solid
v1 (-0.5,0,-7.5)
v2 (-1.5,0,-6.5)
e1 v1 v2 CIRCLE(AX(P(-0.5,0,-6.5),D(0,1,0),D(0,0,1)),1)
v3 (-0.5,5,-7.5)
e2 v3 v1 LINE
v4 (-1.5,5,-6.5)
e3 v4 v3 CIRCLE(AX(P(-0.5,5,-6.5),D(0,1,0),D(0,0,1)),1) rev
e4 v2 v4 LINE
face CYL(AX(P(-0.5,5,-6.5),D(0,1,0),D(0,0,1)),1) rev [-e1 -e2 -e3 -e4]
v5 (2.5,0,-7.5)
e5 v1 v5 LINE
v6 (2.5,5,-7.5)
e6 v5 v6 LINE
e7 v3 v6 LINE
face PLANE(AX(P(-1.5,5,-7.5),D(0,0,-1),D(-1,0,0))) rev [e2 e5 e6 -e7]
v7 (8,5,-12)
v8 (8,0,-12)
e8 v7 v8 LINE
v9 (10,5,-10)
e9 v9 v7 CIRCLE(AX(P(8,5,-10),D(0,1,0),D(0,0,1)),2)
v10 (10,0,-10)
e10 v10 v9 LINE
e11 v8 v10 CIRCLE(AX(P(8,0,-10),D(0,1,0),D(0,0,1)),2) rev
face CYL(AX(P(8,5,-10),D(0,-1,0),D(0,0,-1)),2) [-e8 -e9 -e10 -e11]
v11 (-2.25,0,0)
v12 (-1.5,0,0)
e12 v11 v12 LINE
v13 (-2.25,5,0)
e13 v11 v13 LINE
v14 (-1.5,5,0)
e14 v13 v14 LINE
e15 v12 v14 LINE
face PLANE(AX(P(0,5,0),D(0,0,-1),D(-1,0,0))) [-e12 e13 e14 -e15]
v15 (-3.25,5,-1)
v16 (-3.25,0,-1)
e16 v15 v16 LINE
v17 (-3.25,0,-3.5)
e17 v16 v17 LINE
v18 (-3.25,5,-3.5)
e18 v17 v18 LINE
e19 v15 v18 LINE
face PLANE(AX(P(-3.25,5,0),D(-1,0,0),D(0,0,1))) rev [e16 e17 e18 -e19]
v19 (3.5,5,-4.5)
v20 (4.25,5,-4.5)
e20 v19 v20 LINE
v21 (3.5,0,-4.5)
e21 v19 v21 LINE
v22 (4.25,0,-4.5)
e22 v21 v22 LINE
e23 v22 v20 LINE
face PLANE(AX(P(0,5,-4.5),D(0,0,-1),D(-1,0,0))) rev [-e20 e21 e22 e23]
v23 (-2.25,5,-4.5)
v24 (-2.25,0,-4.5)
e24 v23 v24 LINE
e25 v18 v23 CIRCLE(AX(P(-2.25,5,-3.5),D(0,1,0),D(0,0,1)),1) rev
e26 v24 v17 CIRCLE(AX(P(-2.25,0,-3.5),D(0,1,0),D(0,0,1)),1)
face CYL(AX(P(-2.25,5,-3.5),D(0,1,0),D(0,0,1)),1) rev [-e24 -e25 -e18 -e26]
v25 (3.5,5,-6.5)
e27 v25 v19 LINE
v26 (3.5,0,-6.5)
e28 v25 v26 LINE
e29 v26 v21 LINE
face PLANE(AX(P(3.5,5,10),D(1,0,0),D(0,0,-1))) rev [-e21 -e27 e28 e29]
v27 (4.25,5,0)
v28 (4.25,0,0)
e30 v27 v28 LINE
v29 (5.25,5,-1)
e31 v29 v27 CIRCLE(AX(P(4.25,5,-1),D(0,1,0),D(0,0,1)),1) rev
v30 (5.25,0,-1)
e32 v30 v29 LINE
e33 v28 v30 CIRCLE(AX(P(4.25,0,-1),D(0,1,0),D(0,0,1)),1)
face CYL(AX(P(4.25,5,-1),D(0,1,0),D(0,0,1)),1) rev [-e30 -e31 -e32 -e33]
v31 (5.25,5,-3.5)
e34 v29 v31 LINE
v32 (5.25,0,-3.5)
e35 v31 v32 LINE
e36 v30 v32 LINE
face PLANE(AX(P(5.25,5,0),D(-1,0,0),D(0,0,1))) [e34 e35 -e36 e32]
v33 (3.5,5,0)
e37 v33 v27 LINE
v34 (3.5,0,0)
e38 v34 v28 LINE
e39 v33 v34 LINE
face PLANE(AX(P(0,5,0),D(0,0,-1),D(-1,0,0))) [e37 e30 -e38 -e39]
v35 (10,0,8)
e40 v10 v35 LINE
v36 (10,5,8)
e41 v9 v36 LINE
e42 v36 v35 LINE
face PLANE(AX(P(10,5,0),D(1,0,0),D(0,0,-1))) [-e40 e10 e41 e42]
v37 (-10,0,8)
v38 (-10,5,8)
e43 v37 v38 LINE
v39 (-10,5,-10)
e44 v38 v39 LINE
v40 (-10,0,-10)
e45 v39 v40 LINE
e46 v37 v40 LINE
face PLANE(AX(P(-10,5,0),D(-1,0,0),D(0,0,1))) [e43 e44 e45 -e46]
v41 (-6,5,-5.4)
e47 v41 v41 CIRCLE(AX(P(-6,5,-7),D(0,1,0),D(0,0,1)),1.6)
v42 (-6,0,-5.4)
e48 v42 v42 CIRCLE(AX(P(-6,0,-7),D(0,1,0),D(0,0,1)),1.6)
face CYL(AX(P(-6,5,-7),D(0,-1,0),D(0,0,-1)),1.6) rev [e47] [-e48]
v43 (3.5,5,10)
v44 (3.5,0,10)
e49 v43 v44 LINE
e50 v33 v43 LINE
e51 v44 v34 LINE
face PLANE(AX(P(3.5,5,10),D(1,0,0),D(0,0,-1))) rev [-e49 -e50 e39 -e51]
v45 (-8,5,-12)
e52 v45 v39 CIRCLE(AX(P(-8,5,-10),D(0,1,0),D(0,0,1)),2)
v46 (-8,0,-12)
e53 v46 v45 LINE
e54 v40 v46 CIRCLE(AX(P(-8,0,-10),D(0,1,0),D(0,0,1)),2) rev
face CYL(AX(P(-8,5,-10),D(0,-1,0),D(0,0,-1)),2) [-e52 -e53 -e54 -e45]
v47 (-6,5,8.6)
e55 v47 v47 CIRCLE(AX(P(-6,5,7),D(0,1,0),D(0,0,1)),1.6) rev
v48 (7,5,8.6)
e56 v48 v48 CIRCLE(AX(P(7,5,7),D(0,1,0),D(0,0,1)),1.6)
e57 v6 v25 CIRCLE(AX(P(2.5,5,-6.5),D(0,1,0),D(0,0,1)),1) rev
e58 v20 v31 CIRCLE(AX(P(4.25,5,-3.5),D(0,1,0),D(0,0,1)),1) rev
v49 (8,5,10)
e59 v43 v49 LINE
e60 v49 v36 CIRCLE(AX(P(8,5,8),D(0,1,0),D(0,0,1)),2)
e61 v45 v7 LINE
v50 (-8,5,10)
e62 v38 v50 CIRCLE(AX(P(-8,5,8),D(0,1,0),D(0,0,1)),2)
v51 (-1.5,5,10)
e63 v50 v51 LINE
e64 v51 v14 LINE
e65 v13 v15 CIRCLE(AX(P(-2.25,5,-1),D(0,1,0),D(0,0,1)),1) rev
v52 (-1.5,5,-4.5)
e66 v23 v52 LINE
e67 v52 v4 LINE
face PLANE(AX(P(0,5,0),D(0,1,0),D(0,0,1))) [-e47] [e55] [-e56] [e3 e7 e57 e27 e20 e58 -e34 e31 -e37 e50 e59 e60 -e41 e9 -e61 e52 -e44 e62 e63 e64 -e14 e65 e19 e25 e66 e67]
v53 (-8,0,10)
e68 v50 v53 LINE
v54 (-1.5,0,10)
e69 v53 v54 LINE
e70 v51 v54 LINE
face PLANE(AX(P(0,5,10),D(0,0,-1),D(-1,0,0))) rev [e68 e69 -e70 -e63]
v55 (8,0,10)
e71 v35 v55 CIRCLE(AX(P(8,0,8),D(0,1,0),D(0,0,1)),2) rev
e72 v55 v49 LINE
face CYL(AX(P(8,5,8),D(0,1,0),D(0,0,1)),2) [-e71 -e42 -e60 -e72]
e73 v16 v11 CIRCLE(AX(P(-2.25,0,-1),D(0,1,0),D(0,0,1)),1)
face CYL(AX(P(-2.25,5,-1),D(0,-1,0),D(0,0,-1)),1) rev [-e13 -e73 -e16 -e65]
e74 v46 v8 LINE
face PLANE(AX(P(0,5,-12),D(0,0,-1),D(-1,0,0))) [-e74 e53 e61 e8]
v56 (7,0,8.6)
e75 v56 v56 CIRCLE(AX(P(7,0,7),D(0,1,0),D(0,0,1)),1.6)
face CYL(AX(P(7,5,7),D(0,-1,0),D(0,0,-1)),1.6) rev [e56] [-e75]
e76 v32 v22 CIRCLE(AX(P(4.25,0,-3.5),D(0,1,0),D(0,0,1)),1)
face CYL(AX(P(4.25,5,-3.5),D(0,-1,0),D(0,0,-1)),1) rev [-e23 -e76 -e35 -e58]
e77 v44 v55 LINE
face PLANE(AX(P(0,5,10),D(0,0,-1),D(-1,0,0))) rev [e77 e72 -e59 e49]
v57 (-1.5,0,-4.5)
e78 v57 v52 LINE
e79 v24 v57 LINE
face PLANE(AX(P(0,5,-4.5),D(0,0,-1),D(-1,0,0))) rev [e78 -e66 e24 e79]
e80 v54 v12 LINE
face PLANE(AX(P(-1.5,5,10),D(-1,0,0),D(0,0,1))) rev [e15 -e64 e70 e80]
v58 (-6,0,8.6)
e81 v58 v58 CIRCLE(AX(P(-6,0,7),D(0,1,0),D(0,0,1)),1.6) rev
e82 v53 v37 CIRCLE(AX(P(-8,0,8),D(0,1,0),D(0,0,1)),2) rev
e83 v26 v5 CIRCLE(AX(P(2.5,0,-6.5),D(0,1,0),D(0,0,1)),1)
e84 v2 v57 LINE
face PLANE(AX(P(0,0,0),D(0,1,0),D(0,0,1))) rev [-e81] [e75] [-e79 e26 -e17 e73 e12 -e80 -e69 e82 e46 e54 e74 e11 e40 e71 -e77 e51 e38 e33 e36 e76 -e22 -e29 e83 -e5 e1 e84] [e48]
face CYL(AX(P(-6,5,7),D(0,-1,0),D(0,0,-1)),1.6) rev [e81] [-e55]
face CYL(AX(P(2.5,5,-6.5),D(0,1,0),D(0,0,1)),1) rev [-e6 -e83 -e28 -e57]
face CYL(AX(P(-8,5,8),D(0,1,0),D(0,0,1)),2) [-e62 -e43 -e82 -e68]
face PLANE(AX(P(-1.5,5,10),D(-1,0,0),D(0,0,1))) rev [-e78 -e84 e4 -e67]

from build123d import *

# Parameters (mm, degrees)
SKETCH_2_W          = 20
SKETCH_2_H          = 22
SKETCH_2_R          = 1.6
SKETCH_2_W_2        = 8.5
SKETCH_2_H_2        = 4.5
EXTRUDE_1_DEPTH     = 5
SKETCH_3_W          = 5
SKETCH_3_H          = 17.5
CUT_EXTRUDE_1_DEPTH = 17.401219467
FILLET_1_R          = 2
FILLET_2_R          = 1


with BuildPart() as part:
    # 草图2 → 凸台-拉伸1 (new body)
    with BuildSketch(Plane(origin=(0, 0, 0), x_dir=(1, 0, 0), z_dir=(0, 1, 0))):
        with Locations((0, 1)):
            Rectangle(SKETCH_2_W, SKETCH_2_H)
        with Locations(Location((-6, -7, 0), (0, 0, 270))):
            Circle(SKETCH_2_R, mode=Mode.SUBTRACT)
        with Locations(Location((7, -7, 0), (0, 0, 270))):
            Circle(SKETCH_2_R, mode=Mode.SUBTRACT)
        with Locations(Location((-6, 7, 0), (0, 0, 270))):
            Circle(SKETCH_2_R, mode=Mode.SUBTRACT)
        with Locations((1, 2.25)):
            Rectangle(SKETCH_2_W_2, SKETCH_2_H_2, mode=Mode.SUBTRACT)
    extrude(amount=EXTRUDE_1_DEPTH)

    # 草图3 → 切除-拉伸1 (cut, through all)
    with BuildSketch(Plane.XZ):
        with Locations((1, 1.25)):
            Rectangle(SKETCH_3_W, SKETCH_3_H)
    extrude(amount=-CUT_EXTRUDE_1_DEPTH, mode=Mode.SUBTRACT)

    # 圆角1
    fillet_1_edges = [part.edges().sort_by_distance(p)[0] for p in [
        (10, 2.5, 10),
        (-10, 2.5, 10),
        (-10, 2.5, -12),
        (10, 2.5, -12),
    ]]
    fillet(fillet_1_edges, radius=FILLET_1_R)

    # 圆角2
    fillet_2_edges = [part.edges().sort_by_distance(p)[0] for p in [
        (5.25, 2.5, -4.5),
        (-3.25, 2.5, -4.5),
        (-3.25, 2.5, 0),
        (5.25, 2.5, 0),
        (-1.5, 2.5, -7.5),
        (3.5, 2.5, -7.5),
    ]]
    fillet(fillet_2_edges, radius=FILLET_2_R)


solid = part.part
